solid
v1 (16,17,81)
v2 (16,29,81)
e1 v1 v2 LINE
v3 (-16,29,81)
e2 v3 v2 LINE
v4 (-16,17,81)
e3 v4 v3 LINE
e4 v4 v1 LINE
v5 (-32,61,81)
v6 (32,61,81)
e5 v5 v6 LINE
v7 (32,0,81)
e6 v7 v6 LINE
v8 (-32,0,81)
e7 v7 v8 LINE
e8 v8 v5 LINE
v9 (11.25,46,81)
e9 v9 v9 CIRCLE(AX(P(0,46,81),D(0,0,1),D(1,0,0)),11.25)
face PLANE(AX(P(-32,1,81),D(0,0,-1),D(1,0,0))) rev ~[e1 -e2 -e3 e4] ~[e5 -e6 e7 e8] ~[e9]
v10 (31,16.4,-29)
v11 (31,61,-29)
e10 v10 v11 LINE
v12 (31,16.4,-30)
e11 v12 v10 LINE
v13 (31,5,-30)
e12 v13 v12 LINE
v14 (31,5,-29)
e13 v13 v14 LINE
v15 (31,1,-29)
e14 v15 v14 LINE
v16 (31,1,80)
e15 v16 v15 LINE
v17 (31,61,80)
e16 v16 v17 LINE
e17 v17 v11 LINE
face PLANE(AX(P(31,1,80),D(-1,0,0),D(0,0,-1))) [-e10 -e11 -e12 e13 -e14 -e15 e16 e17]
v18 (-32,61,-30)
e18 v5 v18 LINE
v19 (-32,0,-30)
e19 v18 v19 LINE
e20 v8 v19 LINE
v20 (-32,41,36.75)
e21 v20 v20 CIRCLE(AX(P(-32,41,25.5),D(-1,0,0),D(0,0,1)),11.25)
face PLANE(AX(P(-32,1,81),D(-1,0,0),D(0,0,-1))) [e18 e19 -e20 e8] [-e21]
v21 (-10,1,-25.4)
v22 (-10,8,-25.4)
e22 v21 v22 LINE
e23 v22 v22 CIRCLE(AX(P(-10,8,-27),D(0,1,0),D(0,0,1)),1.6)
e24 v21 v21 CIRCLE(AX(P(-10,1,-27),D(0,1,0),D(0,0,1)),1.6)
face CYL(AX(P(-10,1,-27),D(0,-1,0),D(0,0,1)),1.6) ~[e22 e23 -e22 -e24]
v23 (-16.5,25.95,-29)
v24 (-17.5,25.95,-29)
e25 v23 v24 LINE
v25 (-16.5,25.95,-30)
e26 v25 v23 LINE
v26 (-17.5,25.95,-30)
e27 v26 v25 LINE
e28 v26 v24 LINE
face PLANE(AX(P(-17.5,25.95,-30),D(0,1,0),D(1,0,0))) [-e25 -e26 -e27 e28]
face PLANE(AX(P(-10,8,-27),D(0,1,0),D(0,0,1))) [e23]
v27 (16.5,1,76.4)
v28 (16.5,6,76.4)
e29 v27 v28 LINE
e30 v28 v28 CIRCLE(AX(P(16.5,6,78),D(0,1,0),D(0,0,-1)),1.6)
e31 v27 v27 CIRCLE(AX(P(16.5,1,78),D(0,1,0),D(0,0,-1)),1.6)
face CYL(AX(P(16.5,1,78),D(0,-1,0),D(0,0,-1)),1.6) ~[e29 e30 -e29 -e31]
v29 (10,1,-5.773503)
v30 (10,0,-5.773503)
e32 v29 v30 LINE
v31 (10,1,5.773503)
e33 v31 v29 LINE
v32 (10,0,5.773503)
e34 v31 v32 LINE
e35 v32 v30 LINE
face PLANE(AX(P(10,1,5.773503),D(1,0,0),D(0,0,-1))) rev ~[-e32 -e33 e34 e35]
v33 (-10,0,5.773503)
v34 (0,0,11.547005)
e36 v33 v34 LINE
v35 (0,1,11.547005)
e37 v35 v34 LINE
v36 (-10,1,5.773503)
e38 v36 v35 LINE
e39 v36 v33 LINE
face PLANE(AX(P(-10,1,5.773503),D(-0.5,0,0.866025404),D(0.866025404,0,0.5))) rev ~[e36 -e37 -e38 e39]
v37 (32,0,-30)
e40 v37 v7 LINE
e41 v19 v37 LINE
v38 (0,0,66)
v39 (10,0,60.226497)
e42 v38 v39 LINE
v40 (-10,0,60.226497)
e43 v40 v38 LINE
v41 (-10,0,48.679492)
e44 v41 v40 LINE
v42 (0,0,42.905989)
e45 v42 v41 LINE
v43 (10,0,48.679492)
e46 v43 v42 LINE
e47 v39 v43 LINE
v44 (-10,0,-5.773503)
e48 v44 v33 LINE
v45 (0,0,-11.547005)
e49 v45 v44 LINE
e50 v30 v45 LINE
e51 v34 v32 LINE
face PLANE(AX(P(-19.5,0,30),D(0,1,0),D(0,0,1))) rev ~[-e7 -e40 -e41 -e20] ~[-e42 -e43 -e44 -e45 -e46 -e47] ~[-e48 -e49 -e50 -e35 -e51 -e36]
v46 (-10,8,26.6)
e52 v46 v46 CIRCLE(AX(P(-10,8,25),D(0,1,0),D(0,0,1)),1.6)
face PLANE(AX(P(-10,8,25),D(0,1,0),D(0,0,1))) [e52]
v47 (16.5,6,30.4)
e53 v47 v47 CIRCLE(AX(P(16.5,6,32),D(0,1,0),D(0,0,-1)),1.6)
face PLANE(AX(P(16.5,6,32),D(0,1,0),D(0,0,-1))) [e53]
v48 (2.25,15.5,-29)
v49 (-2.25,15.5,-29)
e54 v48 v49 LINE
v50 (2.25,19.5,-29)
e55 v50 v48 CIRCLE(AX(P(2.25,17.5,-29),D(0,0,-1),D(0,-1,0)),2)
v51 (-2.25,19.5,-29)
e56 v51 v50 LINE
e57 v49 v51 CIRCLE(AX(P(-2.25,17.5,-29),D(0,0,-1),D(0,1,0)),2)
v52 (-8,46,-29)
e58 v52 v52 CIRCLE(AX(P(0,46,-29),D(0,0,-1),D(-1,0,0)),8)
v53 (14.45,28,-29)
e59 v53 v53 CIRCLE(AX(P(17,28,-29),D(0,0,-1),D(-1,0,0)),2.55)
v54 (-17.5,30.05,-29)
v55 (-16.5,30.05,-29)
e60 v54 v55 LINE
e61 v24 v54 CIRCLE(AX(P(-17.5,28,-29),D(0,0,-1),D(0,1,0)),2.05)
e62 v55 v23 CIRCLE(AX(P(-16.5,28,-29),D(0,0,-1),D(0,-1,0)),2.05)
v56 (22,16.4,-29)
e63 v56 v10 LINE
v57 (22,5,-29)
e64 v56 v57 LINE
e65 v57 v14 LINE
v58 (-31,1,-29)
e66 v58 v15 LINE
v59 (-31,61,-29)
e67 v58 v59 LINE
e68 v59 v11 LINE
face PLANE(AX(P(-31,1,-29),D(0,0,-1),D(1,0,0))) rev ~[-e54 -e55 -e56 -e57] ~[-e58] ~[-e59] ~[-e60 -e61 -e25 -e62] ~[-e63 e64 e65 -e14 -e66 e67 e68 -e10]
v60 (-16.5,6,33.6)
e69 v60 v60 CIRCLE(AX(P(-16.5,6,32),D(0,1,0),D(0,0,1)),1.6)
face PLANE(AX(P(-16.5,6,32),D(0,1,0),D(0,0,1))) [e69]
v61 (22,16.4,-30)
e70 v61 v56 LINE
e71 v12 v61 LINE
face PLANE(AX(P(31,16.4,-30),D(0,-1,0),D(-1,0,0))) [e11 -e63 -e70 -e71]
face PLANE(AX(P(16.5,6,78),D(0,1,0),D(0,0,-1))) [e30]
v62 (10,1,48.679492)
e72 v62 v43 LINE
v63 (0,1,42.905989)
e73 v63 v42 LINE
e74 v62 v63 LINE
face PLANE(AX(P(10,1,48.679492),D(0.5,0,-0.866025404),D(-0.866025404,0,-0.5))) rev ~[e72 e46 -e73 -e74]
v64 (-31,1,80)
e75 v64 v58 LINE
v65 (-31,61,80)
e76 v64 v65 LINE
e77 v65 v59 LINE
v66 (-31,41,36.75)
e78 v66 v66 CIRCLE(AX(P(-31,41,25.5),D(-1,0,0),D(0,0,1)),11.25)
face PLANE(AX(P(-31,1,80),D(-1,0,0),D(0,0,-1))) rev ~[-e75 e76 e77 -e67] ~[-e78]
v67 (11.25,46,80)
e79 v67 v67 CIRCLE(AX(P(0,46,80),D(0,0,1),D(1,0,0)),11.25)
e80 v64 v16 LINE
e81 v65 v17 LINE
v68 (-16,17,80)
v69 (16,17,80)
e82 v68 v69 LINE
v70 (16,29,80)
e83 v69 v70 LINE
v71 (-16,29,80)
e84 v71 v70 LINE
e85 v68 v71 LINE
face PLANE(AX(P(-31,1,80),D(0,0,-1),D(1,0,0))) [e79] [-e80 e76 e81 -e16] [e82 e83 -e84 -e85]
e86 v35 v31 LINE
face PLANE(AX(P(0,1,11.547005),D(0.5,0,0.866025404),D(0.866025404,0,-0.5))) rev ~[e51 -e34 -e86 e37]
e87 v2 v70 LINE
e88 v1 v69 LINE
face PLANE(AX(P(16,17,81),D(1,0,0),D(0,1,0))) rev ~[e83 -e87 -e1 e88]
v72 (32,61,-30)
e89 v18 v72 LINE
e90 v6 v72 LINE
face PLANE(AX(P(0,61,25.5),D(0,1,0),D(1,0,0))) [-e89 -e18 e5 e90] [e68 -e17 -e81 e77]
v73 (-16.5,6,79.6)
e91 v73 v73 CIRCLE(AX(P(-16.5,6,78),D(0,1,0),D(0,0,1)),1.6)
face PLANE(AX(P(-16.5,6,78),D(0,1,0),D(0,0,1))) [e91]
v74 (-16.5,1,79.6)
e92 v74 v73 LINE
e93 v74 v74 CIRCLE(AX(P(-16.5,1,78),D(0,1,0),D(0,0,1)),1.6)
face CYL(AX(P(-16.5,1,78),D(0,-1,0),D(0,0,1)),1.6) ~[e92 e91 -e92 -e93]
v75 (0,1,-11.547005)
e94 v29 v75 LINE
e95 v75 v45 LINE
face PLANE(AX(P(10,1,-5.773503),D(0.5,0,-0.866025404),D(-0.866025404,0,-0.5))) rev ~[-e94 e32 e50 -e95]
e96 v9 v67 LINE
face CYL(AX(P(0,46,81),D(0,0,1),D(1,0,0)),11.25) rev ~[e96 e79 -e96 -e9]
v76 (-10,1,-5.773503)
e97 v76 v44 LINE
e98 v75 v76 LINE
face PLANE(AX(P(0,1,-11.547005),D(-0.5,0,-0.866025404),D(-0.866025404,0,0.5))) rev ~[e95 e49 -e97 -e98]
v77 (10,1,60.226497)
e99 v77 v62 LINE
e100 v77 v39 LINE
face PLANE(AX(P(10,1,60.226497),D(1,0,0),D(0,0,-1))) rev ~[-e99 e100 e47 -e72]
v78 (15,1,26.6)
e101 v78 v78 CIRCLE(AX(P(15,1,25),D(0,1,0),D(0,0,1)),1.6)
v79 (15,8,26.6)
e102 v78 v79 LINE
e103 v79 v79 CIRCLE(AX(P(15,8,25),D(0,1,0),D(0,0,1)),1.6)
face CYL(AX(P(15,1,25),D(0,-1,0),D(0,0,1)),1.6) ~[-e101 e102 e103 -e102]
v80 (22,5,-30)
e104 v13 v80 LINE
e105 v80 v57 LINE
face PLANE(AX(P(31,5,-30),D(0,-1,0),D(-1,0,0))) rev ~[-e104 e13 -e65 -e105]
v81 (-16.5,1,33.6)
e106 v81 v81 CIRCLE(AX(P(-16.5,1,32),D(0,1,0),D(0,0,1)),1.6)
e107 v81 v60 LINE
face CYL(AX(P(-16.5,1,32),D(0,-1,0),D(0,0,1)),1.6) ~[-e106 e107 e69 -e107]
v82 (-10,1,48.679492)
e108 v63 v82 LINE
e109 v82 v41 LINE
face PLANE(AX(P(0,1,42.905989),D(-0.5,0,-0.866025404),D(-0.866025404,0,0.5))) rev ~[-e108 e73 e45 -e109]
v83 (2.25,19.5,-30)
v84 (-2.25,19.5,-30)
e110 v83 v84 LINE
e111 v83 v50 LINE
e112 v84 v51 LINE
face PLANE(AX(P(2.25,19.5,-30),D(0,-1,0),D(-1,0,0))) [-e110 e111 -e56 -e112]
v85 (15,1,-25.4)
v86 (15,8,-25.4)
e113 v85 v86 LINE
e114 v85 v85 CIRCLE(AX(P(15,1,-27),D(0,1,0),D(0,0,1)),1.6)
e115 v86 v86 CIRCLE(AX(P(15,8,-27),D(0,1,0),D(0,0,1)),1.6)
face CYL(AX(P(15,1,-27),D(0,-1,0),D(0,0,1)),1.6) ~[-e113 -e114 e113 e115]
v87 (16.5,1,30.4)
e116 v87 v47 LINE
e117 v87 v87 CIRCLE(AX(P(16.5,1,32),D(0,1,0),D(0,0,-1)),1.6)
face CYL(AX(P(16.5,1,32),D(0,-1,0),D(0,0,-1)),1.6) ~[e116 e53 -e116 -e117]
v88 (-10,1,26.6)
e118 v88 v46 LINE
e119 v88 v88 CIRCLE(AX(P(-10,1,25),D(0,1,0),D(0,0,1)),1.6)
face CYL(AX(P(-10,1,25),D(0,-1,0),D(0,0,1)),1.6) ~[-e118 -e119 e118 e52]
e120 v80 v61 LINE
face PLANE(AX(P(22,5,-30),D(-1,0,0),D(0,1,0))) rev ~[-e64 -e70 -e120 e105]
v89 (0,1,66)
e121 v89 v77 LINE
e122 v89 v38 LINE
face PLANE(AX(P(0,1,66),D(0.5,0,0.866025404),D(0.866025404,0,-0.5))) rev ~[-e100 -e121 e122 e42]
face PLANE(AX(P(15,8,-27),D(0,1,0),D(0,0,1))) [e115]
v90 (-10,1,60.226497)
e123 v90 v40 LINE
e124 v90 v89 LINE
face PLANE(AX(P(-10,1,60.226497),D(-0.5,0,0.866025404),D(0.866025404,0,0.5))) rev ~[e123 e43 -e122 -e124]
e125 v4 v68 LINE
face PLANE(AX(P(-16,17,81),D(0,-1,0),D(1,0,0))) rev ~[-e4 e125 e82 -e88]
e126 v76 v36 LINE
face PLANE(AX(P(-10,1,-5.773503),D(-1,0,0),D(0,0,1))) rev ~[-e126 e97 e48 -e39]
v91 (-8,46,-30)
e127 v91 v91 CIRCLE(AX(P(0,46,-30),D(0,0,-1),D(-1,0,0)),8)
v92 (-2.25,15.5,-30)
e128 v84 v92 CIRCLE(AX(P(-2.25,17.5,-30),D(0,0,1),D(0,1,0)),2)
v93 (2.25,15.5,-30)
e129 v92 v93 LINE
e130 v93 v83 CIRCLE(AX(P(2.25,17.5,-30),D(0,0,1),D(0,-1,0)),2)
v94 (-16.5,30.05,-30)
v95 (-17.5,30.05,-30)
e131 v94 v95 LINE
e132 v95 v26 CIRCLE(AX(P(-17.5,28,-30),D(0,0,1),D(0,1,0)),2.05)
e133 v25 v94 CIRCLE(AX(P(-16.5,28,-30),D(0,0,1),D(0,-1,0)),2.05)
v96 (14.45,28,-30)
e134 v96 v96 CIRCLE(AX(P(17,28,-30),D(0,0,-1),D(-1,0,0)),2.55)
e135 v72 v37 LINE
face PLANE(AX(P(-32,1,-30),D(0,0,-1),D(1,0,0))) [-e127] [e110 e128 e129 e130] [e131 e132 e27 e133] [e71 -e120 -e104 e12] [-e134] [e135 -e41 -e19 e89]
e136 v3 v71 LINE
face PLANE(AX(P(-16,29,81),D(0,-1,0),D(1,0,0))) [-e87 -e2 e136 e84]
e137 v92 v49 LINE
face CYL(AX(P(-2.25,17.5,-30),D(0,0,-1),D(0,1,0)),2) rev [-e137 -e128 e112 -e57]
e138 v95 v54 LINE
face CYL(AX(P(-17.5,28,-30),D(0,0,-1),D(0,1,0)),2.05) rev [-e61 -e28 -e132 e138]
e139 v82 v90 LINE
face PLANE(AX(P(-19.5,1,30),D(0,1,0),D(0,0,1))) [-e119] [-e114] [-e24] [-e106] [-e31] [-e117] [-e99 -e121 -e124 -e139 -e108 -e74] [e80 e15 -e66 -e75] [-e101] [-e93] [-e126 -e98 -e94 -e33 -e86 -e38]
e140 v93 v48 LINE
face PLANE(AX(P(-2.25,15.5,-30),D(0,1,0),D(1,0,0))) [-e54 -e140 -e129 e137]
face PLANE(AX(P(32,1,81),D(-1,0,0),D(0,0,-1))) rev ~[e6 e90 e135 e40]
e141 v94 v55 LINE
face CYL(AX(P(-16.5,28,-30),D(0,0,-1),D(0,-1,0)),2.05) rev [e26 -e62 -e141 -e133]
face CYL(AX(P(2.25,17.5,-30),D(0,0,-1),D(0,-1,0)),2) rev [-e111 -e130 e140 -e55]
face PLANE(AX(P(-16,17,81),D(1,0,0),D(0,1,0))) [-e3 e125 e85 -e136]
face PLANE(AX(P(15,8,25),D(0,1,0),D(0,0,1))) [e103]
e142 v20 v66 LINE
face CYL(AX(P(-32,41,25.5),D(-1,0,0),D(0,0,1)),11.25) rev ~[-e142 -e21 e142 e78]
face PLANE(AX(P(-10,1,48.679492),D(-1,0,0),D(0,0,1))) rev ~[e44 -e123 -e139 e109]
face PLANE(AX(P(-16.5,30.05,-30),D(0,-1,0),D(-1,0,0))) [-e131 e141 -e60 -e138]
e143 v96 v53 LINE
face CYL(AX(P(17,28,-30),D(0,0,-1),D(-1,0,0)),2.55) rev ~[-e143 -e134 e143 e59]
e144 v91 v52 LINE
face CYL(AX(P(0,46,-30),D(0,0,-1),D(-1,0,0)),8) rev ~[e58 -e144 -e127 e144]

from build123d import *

# Parameters (mm, degrees)
IZIM1_W                     = 60
IZIM1_H                     = 60
Y_KSEKLIK_EKSTR_ZYON1_DEPTH = 1
IZIM2_R                     = 1.6
Y_KSEKLIK_EKSTR_ZYON2_DEPTH = 7
IZIM3_W                     = 60
IZIM3_H                     = 1
Y_KSEKLIK_EKSTR_ZYON3_DEPTH = 2
IZIM4_W                     = 39
IZIM4_H                     = 1
Y_KSEKLIK_EKSTR_ZYON4_DEPTH = 51
IZIM5_R                     = 1.6
Y_KSEKLIK_EKSTR_ZYON5_DEPTH = 5
IZIM6_W                     = 51
IZIM6_H                     = 1
Y_KSEKLIK_EKSTR_ZYON6_DEPTH = 12.5
IZIM7_W                     = 51
IZIM7_H                     = 1
Y_KSEKLIK_EKSTR_ZYON7_DEPTH = 12.5
KES_EKSTR_ZYON1_DEPTH       = 88.372764635
IZIM9_W                     = 64
IZIM9_H                     = 111
IZIM9_W_2                   = 62
IZIM9_H_2                   = 109
Y_KSEKLIK_EKSTR_ZYON8_DEPTH = 60
KES_EKSTR_ZYON2_REACH       = 132.637
IZIM10_R                    = 11.25
IZIM10_W                    = 32
IZIM10_H                    = 12
KES_EKSTR_ZYON3_REACH       = 121.908
IZIM11_R                    = 11.25
KES_EKSTR_ZYON4_REACH       = 132.637
IZIM12_R                    = 8
IZIM12_R_2                  = 2.55
KES_EKSTR_ZYON5_REACH       = 132.637
IZIM14_W                    = 9
IZIM14_H                    = 11.4


with BuildPart() as part:
    # Çizim1 → Yükseklik-Ekstrüzyon1 (new body)
    with BuildSketch(Plane(origin=(0, 0, 0), x_dir=(1, 0, 0), z_dir=(0, 1, 0))):
        Rectangle(IZIM1_W, IZIM1_H)
    extrude(amount=Y_KSEKLIK_EKSTR_ZYON1_DEPTH)

    # Çizim2 → Yükseklik-Ekstrüzyon2 (add)
    with BuildSketch(Plane(origin=(0, 1, 0), x_dir=(1, 0, 0), z_dir=(0, 1, 0))):
        with Locations(Location((-10, -25, 0), (0, 0, 270))):
            Circle(IZIM2_R)
        with Locations(Location((15, -25, 0), (0, 0, 270))):
            Circle(IZIM2_R)
        with Locations(Location((-10, 27, 0), (0, 0, 270))):
            Circle(IZIM2_R)
        with Locations(Location((15, 27, 0), (0, 0, 270))):
            Circle(IZIM2_R)
    extrude(amount=Y_KSEKLIK_EKSTR_ZYON2_DEPTH)

    # Çizim3 → Yükseklik-Ekstrüzyon3 (add)
    with BuildSketch(Plane(origin=(30, 0, 0), x_dir=(0, 0, -1), z_dir=(1, 0, 0))):
        with Locations((0, 0.5)):
            Rectangle(IZIM3_W, IZIM3_H)
    y_kseklik_ekstr_zyon3 = extrude(amount=Y_KSEKLIK_EKSTR_ZYON3_DEPTH)

    # Aynalama1: Yükseklik-Ekstrüzyon3 across plane
    add(y_kseklik_ekstr_zyon3.mirror(Plane(origin=(0, 0, 0), x_dir=(0, 0, 1), z_dir=(1, 0, 0))))

    # Çizim4 → Yükseklik-Ekstrüzyon4 (add)
    with BuildSketch(Plane.XY.offset(30)):
        with Locations((0, 0.5)):
            Rectangle(IZIM4_W, IZIM4_H)
    extrude(amount=Y_KSEKLIK_EKSTR_ZYON4_DEPTH)

    # Çizim5 → Yükseklik-Ekstrüzyon5 (add)
    with BuildSketch(Plane(origin=(0, 1, 0), x_dir=(1, 0, 0), z_dir=(0, 1, 0))):
        with Locations(Location((-16.5, -32, 0), (0, 0, 270))):
            Circle(IZIM5_R)
        with Locations(Location((16.5, -32, 0), (0, 0, 90))):
            Circle(IZIM5_R)
        with Locations(Location((-16.5, -78, 0), (0, 0, 270))):
            Circle(IZIM5_R)
        with Locations(Location((16.5, -78, 0), (0, 0, 90))):
            Circle(IZIM5_R)
    extrude(amount=Y_KSEKLIK_EKSTR_ZYON5_DEPTH)

    # Çizim6 → Yükseklik-Ekstrüzyon6 (add)
    with BuildSketch(Plane(origin=(19.5, 0, 0), x_dir=(0, 0, -1), z_dir=(1, 0, 0))):
        with Locations((-55.5, 0.5)):
            Rectangle(IZIM6_W, IZIM6_H)
    extrude(amount=Y_KSEKLIK_EKSTR_ZYON6_DEPTH)

    # Çizim7 → Yükseklik-Ekstrüzyon7 (add)
    with BuildSketch(Plane.ZY.offset(19.5)):
        with Locations((55.5, 0.5)):
            Rectangle(IZIM7_W, IZIM7_H)
    extrude(amount=Y_KSEKLIK_EKSTR_ZYON7_DEPTH)

    # Çizim8 → Kes-Ekstrüzyon1 (cut, through all)
    with BuildSketch(Plane(origin=(0, 1, 0), x_dir=(1, 0, 0), z_dir=(0, 1, 0))):
        Polygon((-10, -5.773502692), (0, -11.547005384), (10, -5.773502692), (10, 5.773502692), (0, 11.547005384), (-10, 5.773502692), align=None)
        Polygon((-10, -60.226497308), (0, -66), (10, -60.226497308), (10, -48.679491924), (0, -42.905989232), (-10, -48.679491924), align=None)
    extrude(amount=-KES_EKSTR_ZYON1_DEPTH, mode=Mode.SUBTRACT)

    # Çizim9 → Yükseklik-Ekstrüzyon8 (add)
    with BuildSketch(Plane(origin=(0, 1, 0), x_dir=(1, 0, 0), z_dir=(0, 1, 0))):
        with Locations((0, -25.5)):
            Rectangle(IZIM9_W, IZIM9_H)
        with Locations((0, -25.5)):
            Rectangle(IZIM9_W_2, IZIM9_H_2, mode=Mode.SUBTRACT)
    extrude(amount=Y_KSEKLIK_EKSTR_ZYON8_DEPTH)

    # Çizim10 → Kes-Ekstrüzyon2 (cut, up to next)
    with BuildSketch(Plane.XY.offset(81), mode=Mode.PRIVATE) as kes_ekstr_zyon2_sk1:
        with Locations((0, 46)):
            Circle(IZIM10_R)
    kes_ekstr_zyon2_tool1 = extrude(kes_ekstr_zyon2_sk1.sketch, amount=-KES_EKSTR_ZYON2_REACH, mode=Mode.PRIVATE) & part.part
    # Çizim10 → Kes-Ekstrüzyon2 (cut, up to next)
    with BuildSketch(Plane.XY.offset(81), mode=Mode.PRIVATE) as kes_ekstr_zyon2_sk2:
        with Locations((0, 23)):
            Rectangle(IZIM10_W, IZIM10_H)
    kes_ekstr_zyon2_tool2 = extrude(kes_ekstr_zyon2_sk2.sketch, amount=-KES_EKSTR_ZYON2_REACH, mode=Mode.PRIVATE) & part.part
    add(kes_ekstr_zyon2_tool1.solids().sort_by_distance((0, 46, 81))[0], mode=Mode.SUBTRACT)
    add(kes_ekstr_zyon2_tool2.solids().sort_by_distance((0, 23, 81))[0], mode=Mode.SUBTRACT)

    # Çizim11 → Kes-Ekstrüzyon3 (cut, up to next)
    with BuildSketch(Plane.ZY.offset(32), mode=Mode.PRIVATE) as kes_ekstr_zyon3_sk1:
        with Locations((25.5, 41)):
            Circle(IZIM11_R)
    kes_ekstr_zyon3_tool1 = extrude(kes_ekstr_zyon3_sk1.sketch, amount=-KES_EKSTR_ZYON3_REACH, mode=Mode.PRIVATE) & part.part
    add(kes_ekstr_zyon3_tool1.solids().sort_by_distance((-32, 41, 25.5))[0], mode=Mode.SUBTRACT)

    # Çizim12 → Kes-Ekstrüzyon4 (cut, up to next)
    with BuildSketch(Plane(origin=(0, 0, -30), x_dir=(-1, 0, 0), z_dir=(0, 0, -1)), mode=Mode.PRIVATE) as kes_ekstr_zyon4_sk1:
        with Locations((0, 46)):
            Circle(IZIM12_R)
    kes_ekstr_zyon4_tool1 = extrude(kes_ekstr_zyon4_sk1.sketch, amount=-KES_EKSTR_ZYON4_REACH, mode=Mode.PRIVATE) & part.part
    # Çizim12 → Kes-Ekstrüzyon4 (cut, up to next)
    with BuildSketch(Plane(origin=(0, 0, -30), x_dir=(-1, 0, 0), z_dir=(0, 0, -1)), mode=Mode.PRIVATE) as kes_ekstr_zyon4_sk2:
        with Locations((-17, 28)):
            Circle(IZIM12_R_2)
    kes_ekstr_zyon4_tool2 = extrude(kes_ekstr_zyon4_sk2.sketch, amount=-KES_EKSTR_ZYON4_REACH, mode=Mode.PRIVATE) & part.part
    # Çizim12 → Kes-Ekstrüzyon4 (cut, up to next)
    with BuildSketch(Plane(origin=(0, 0, -30), x_dir=(-1, 0, 0), z_dir=(0, 0, -1)), mode=Mode.PRIVATE) as kes_ekstr_zyon4_sk3:
        with BuildLine():
            Line((16.5, 30.05), (17.5, 30.05))
            ThreePointArc((17.5, 30.05), (19.55, 28), (17.5, 25.95))
            Line((17.5, 25.95), (16.5, 25.95))
            ThreePointArc((16.5, 25.95), (14.45, 28), (16.5, 30.05))
        make_face()
    kes_ekstr_zyon4_tool3 = extrude(kes_ekstr_zyon4_sk3.sketch, amount=-KES_EKSTR_ZYON4_REACH, mode=Mode.PRIVATE) & part.part
    add(kes_ekstr_zyon4_tool1.solids().sort_by_distance((0, 46, -30))[0], mode=Mode.SUBTRACT)
    add(kes_ekstr_zyon4_tool2.solids().sort_by_distance((17, 28, -30))[0], mode=Mode.SUBTRACT)
    add(kes_ekstr_zyon4_tool3.solids().sort_by_distance((-17, 28, -30))[0], mode=Mode.SUBTRACT)

    # Çizim14 → Kes-Ekstrüzyon5 (cut, up to next)
    with BuildSketch(Plane(origin=(0, 0, -30), x_dir=(-1, 0, 0), z_dir=(0, 0, -1)), mode=Mode.PRIVATE) as kes_ekstr_zyon5_sk1:
        with Locations((-26.5, 10.7)):
            Rectangle(IZIM14_W, IZIM14_H)
    kes_ekstr_zyon5_tool1 = extrude(kes_ekstr_zyon5_sk1.sketch, amount=-KES_EKSTR_ZYON5_REACH, mode=Mode.PRIVATE) & part.part
    # Çizim14 → Kes-Ekstrüzyon5 (cut, up to next)
    with BuildSketch(Plane(origin=(0, 0, -30), x_dir=(-1, 0, 0), z_dir=(0, 0, -1)), mode=Mode.PRIVATE) as kes_ekstr_zyon5_sk2:
        with BuildLine():
            Line((-2.25, 19.5), (2.25, 19.5))
            ThreePointArc((2.25, 19.5), (4.25, 17.5), (2.25, 15.5))
            Line((2.25, 15.5), (-2.25, 15.5))
            ThreePointArc((-2.25, 15.5), (-4.25, 17.5), (-2.25, 19.5))
        make_face()
    kes_ekstr_zyon5_tool2 = extrude(kes_ekstr_zyon5_sk2.sketch, amount=-KES_EKSTR_ZYON5_REACH, mode=Mode.PRIVATE) & part.part
    add(kes_ekstr_zyon5_tool1.solids().sort_by_distance((26.5, 10.7, -30))[0], mode=Mode.SUBTRACT)
    add(kes_ekstr_zyon5_tool2.solids().sort_by_distance((0, 17.5, -30))[0], mode=Mode.SUBTRACT)


solid = part.part
